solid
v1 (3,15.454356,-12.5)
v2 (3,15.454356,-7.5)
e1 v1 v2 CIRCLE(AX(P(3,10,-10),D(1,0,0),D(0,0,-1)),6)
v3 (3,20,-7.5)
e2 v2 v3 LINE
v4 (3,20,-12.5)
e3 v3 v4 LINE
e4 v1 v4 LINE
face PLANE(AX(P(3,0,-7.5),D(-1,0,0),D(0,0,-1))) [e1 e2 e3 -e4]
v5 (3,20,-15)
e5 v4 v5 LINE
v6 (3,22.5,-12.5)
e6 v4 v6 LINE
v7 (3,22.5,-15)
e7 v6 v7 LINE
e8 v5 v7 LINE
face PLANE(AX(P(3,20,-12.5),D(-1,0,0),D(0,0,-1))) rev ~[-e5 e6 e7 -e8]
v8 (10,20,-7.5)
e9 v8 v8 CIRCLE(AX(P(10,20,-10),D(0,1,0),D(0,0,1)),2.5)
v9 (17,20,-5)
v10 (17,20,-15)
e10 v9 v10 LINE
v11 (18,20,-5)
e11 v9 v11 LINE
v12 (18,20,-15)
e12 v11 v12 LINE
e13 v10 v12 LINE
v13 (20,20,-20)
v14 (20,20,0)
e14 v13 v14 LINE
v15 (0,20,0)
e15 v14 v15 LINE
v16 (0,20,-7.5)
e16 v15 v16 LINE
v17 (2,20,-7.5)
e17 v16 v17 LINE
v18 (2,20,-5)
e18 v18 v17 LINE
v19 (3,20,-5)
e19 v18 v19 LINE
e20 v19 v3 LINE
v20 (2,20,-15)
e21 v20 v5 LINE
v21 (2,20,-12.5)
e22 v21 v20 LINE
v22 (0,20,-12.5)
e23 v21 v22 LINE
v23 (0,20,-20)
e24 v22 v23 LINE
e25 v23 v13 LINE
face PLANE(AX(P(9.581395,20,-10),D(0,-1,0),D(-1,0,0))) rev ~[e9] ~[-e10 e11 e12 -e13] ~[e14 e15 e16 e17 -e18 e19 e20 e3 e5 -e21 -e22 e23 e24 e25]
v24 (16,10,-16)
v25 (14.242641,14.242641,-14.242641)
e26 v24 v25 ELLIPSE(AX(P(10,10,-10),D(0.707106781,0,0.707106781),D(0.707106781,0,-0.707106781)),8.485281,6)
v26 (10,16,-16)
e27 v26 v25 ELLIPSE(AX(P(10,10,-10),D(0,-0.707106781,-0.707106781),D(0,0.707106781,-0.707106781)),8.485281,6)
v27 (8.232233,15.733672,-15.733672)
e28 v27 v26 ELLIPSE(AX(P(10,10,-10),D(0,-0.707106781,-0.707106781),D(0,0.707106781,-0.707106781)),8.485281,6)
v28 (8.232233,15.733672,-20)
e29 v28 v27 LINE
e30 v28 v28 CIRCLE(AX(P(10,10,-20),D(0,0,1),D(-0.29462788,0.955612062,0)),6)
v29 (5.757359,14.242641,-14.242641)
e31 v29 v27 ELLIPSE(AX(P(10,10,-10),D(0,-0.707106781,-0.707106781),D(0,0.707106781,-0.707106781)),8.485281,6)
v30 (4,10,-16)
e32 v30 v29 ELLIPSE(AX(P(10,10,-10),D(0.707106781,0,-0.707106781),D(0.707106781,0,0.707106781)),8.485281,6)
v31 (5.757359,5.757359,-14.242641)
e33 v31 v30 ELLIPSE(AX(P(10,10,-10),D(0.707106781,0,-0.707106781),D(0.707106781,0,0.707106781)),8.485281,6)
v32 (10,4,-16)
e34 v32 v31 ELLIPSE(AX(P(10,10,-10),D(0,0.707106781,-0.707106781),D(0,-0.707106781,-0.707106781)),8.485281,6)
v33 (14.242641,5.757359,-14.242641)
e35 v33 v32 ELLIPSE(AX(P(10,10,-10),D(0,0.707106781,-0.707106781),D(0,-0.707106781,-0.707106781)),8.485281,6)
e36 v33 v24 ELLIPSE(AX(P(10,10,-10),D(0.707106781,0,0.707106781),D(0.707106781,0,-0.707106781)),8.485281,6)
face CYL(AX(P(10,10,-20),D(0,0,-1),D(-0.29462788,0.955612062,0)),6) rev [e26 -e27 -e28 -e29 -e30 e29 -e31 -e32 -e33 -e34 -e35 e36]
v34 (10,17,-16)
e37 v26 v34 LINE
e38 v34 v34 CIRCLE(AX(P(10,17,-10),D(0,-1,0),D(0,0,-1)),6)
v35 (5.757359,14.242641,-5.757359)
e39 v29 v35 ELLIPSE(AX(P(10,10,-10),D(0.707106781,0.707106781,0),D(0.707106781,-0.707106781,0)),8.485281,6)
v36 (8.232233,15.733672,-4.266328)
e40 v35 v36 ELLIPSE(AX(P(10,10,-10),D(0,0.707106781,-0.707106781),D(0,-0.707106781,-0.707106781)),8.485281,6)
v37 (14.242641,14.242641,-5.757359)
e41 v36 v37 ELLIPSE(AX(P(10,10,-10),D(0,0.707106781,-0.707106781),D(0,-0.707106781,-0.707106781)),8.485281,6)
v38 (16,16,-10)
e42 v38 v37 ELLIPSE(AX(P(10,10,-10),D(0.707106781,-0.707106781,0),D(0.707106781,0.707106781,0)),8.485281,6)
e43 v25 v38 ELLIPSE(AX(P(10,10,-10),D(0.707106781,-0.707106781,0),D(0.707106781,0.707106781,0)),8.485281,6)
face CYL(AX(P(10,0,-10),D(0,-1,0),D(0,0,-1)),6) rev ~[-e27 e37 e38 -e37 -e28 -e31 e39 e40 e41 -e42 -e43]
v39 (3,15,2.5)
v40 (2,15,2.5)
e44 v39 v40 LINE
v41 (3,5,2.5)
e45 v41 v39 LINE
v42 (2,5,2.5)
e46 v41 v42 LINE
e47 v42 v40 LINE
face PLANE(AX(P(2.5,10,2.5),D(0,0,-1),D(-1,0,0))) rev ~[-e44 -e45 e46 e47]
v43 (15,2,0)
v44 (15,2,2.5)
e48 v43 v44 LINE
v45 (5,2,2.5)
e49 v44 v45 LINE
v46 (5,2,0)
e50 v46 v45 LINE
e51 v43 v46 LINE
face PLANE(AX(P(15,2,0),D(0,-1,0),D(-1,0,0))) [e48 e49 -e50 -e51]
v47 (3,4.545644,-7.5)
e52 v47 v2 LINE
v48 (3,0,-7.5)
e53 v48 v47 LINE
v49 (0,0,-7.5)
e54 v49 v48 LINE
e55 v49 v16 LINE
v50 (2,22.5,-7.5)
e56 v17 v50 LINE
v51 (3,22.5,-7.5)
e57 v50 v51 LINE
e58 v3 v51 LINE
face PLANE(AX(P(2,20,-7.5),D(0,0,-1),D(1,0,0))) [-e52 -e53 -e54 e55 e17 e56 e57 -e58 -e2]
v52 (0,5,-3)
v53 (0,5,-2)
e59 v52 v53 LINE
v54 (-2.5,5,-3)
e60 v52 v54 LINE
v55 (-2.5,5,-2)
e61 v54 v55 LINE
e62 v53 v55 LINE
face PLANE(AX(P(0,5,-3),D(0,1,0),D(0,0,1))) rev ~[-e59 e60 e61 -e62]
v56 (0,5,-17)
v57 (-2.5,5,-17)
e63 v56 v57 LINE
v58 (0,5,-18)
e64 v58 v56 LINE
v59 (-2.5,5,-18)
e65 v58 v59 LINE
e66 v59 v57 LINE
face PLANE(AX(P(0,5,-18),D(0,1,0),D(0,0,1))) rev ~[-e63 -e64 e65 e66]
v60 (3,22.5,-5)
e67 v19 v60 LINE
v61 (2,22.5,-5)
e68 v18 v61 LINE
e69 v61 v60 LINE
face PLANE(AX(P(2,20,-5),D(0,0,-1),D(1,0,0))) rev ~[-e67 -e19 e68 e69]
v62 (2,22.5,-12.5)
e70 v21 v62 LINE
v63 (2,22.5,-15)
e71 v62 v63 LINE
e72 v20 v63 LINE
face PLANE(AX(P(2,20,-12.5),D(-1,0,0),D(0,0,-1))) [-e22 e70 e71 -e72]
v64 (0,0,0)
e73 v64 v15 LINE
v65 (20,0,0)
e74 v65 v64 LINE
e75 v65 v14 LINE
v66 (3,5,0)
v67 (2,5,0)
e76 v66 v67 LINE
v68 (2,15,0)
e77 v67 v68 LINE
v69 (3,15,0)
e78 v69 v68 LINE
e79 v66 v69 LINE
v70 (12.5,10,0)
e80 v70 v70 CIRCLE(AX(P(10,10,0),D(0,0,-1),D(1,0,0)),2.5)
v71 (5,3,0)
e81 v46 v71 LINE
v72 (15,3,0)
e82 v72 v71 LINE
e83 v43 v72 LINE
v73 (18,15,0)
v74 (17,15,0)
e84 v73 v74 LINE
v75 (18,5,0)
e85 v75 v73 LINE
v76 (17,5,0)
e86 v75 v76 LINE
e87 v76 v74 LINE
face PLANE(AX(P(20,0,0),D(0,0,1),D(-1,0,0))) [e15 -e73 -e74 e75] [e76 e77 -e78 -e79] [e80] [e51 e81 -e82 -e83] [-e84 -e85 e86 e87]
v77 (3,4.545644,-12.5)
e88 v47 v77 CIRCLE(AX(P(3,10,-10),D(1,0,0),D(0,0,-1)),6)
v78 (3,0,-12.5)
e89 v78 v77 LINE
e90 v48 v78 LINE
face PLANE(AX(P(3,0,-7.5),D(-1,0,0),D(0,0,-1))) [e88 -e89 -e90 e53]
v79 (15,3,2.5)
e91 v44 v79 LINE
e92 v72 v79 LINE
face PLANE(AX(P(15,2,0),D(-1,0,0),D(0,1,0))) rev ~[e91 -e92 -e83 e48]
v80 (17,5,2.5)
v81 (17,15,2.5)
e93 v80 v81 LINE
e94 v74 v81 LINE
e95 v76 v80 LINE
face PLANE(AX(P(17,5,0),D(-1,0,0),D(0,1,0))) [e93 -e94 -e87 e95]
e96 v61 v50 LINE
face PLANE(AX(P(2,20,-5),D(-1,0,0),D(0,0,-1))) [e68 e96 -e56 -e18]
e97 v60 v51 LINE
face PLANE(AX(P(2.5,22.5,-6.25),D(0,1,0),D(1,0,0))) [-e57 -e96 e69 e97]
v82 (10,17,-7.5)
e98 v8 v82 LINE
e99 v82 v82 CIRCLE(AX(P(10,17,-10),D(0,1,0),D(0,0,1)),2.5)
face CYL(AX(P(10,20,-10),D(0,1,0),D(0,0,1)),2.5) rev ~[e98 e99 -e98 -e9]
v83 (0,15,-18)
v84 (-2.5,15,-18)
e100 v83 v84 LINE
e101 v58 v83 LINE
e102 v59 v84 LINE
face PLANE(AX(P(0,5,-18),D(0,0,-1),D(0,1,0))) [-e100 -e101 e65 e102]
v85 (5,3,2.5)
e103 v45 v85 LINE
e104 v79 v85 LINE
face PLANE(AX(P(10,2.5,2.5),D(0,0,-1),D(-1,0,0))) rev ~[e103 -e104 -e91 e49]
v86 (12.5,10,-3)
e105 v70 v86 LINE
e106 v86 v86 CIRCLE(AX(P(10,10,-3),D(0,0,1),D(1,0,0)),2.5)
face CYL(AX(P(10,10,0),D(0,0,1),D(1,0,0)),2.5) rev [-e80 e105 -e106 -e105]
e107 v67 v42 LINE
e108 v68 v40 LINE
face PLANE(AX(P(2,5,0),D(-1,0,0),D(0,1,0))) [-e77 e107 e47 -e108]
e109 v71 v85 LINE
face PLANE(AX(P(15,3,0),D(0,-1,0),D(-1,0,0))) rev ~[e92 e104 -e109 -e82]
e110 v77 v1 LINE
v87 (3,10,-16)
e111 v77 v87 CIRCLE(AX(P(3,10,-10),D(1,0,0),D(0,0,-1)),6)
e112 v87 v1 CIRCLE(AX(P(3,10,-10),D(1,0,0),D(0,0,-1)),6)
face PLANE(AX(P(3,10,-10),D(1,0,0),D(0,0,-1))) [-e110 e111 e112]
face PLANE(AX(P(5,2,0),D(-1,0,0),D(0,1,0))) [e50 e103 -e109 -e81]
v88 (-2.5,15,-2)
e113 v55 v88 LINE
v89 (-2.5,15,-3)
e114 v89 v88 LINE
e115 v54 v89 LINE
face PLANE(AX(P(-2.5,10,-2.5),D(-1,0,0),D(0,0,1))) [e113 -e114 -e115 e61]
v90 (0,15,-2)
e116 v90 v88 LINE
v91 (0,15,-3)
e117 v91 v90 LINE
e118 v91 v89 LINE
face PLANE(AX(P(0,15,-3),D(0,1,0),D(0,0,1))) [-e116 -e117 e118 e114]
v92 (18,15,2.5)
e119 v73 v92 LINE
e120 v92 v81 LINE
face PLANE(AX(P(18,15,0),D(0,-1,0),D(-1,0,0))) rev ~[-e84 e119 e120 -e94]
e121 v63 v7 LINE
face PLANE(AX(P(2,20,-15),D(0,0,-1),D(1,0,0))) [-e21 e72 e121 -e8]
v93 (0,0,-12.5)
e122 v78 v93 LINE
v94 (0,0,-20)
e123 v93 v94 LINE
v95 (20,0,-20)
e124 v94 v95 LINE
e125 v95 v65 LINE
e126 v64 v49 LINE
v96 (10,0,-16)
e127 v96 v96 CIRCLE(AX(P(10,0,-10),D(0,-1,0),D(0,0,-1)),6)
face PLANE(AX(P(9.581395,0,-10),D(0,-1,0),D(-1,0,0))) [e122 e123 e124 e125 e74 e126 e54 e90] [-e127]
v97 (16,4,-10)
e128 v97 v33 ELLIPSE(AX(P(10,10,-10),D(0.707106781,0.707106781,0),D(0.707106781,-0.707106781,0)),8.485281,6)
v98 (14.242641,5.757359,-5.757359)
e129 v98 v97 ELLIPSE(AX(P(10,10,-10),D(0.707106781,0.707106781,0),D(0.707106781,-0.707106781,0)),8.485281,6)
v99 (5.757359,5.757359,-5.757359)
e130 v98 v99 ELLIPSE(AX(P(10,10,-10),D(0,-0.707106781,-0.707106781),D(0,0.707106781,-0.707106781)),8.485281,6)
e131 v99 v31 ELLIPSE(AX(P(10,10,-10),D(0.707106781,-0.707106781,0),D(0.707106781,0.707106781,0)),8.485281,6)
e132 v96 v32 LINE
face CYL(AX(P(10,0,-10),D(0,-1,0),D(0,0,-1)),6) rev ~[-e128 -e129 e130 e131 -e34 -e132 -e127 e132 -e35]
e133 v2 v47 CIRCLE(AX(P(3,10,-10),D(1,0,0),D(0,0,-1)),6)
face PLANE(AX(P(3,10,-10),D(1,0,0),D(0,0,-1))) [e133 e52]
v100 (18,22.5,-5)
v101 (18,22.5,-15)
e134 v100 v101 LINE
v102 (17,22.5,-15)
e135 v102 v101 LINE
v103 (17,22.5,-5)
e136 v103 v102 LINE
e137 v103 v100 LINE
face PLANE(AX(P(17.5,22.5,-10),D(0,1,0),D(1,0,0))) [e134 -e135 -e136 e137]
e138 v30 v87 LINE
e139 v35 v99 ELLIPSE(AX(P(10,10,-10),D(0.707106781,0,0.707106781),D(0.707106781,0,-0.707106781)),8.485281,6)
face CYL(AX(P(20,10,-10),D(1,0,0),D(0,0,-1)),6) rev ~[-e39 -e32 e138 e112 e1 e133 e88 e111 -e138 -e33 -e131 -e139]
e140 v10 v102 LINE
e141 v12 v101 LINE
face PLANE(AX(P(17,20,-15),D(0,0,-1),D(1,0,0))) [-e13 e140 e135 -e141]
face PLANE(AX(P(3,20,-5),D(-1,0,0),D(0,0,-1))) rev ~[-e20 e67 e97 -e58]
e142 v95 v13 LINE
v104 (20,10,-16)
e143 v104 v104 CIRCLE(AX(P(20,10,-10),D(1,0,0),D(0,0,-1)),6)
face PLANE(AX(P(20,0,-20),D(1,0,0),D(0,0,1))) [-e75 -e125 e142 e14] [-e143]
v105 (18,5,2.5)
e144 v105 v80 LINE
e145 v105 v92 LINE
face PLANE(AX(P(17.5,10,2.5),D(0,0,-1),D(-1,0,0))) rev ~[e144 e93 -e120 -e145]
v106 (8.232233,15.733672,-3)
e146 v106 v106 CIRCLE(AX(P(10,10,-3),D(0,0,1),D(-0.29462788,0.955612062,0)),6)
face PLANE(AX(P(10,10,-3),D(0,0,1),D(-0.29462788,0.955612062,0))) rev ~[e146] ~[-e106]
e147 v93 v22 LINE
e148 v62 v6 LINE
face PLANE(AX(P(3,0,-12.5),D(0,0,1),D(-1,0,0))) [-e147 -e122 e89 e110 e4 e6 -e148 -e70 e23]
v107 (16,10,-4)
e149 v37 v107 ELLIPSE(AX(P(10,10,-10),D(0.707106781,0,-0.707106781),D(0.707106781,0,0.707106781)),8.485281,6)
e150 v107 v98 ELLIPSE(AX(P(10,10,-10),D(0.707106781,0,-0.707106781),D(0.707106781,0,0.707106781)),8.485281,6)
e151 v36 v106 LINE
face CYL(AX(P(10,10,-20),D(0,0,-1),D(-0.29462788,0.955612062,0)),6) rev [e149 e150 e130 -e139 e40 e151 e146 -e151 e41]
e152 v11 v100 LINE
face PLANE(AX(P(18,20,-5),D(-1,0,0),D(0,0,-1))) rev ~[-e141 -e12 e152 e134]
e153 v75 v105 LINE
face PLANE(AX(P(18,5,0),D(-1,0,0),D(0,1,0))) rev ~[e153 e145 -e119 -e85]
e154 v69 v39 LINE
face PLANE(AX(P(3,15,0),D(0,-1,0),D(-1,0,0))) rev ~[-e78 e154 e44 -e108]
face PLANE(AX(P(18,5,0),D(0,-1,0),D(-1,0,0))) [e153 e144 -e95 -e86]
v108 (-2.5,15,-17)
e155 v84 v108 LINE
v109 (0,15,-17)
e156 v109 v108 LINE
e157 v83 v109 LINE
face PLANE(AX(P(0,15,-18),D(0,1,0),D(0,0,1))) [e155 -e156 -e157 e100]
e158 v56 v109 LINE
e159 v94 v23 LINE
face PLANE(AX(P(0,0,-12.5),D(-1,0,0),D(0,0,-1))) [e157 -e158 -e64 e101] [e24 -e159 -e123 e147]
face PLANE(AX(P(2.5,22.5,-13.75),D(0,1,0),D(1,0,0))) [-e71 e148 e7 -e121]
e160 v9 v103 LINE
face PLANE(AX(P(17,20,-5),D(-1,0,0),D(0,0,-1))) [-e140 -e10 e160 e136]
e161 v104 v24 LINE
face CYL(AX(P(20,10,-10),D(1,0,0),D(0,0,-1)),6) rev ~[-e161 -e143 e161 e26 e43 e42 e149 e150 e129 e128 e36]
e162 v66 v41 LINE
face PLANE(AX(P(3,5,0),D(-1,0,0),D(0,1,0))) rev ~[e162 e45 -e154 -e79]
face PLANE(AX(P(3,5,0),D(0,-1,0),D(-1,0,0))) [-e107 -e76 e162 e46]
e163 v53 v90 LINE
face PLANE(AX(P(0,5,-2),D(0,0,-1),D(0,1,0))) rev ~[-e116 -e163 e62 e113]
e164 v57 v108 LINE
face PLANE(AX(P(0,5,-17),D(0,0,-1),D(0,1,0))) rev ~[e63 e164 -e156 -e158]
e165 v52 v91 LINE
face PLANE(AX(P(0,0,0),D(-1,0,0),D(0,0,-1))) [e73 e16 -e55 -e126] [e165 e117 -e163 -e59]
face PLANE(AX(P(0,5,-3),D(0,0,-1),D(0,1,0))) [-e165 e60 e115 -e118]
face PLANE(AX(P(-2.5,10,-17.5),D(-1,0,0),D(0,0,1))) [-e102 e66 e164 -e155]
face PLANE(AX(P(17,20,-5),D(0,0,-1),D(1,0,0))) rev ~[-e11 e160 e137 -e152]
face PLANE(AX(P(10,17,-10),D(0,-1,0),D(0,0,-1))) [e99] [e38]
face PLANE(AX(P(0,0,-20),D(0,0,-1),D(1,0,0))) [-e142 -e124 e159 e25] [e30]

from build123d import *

# Parameters (mm, degrees)
BOSS_EXTRUDE1_DEPTH = 20
SKETCH2_W           = 1
SKETCH2_H           = 2.5
SKETCH2_H_2         = 10
BOSS_EXTRUDE2_DEPTH = 2.5
SKETCH2_3_R         = 2.5
CUT_EXTRUDE1_DEPTH  = 35.641016151
SKETCH3_W           = 1
SKETCH3_H           = 10
BOSS_EXTRUDE3_DEPTH = 2.5
SKETCH4_W           = 1
SKETCH4_H           = 10
SKETCH4_W_2         = 10
SKETCH4_H_2         = 1
BOSS_EXTRUDE4_DEPTH = 2.5
SKETCH4_3_R         = 2.5
CUT_EXTRUDE2_DEPTH  = 37.142080737
SKETCH5_R           = 6
CUT_EXTRUDE3_DEPTH  = 17
SKETCH6_R           = 6
CUT_EXTRUDE4_DEPTH  = 17
SKETCH7_R           = 6
CUT_EXTRUDE5_DEPTH  = 17


with BuildPart() as part:
    # Sketch1 → Boss-Extrude1 (new body)
    with BuildSketch(Plane(origin=(0, 0, 0), x_dir=(1, 0, 0), z_dir=(0, 1, 0))):
        Polygon((0, 7.5), (3, 7.5), (3, 12.5), (0, 12.5), (0, 20), (20, 20), (20, 0), (0, 0), align=None)
    extrude(amount=BOSS_EXTRUDE1_DEPTH)

    # Sketch2 → Boss-Extrude2 (add)
    with BuildSketch(Plane(origin=(0, 20, 0), x_dir=(1, 0, 0), z_dir=(0, 1, 0))):
        with Locations((2.5, 6.25)):
            Rectangle(SKETCH2_W, SKETCH2_H)
        with Locations((2.5, 13.75)):
            Rectangle(SKETCH2_W, SKETCH2_H)
        with Locations((17.5, 10)):
            Rectangle(SKETCH2_W, SKETCH2_H_2)
    extrude(amount=BOSS_EXTRUDE2_DEPTH)

    # Sketch2<3> → Cut-Extrude1 (cut, through all)
    with BuildSketch(Plane(origin=(0, 20, 0), x_dir=(1, 0, 0), z_dir=(0, 1, 0))):
        with Locations(Location((10, 10, 0), (0, 0, 270))):
            Circle(SKETCH2_3_R)
    extrude(amount=-CUT_EXTRUDE1_DEPTH, mode=Mode.SUBTRACT)

    # Sketch3 → Boss-Extrude3 (add)
    with BuildSketch(Plane.ZY):
        with Locations((-2.5, 10)):
            Rectangle(SKETCH3_W, SKETCH3_H)
        with Locations((-17.5, 10)):
            Rectangle(SKETCH3_W, SKETCH3_H)
    extrude(amount=BOSS_EXTRUDE3_DEPTH)

    # Sketch4 → Boss-Extrude4 (add)
    with BuildSketch(Plane(origin=(0, 0, 0), x_dir=(-1, 0, 0), z_dir=(0, 0, -1))):
        with Locations((-17.5, 10)):
            Rectangle(SKETCH4_W, SKETCH4_H)
        with Locations((-2.5, 10)):
            Rectangle(SKETCH4_W, SKETCH4_H)
        with Locations((-10, 2.5)):
            Rectangle(SKETCH4_W_2, SKETCH4_H_2)
    extrude(amount=-BOSS_EXTRUDE4_DEPTH)

    # Sketch4<3> → Cut-Extrude2 (cut, through all)
    with BuildSketch(Plane(origin=(0, 0, 0), x_dir=(-1, 0, 0), z_dir=(0, 0, -1))):
        with Locations(Location((-10, 10, 0), (0, 0, 180))):
            Circle(SKETCH4_3_R)
    extrude(amount=CUT_EXTRUDE2_DEPTH, mode=Mode.SUBTRACT)

    # Sketch5 → Cut-Extrude3 (cut)
    with BuildSketch(Plane(origin=(20, 0, 0), x_dir=(0, 0, -1), z_dir=(1, 0, 0))):
        with Locations((10, 10)):
            Circle(SKETCH5_R)
    extrude(amount=-CUT_EXTRUDE3_DEPTH, mode=Mode.SUBTRACT)

    # Sketch6 → Cut-Extrude4 (cut)
    with BuildSketch(Plane.XY.offset(-20)):
        with Locations(Location((10, 10, 0), (0, 0, 107.135224795))):
            Circle(SKETCH6_R)
    extrude(amount=CUT_EXTRUDE4_DEPTH, mode=Mode.SUBTRACT)

    # Sketch7 → Cut-Extrude5 (cut)
    with BuildSketch(Plane.XZ):
        with Locations(Location((10, -10, 0), (0, 0, 270))):
            Circle(SKETCH7_R)
    extrude(amount=-CUT_EXTRUDE5_DEPTH, mode=Mode.SUBTRACT)


solid = part.part
